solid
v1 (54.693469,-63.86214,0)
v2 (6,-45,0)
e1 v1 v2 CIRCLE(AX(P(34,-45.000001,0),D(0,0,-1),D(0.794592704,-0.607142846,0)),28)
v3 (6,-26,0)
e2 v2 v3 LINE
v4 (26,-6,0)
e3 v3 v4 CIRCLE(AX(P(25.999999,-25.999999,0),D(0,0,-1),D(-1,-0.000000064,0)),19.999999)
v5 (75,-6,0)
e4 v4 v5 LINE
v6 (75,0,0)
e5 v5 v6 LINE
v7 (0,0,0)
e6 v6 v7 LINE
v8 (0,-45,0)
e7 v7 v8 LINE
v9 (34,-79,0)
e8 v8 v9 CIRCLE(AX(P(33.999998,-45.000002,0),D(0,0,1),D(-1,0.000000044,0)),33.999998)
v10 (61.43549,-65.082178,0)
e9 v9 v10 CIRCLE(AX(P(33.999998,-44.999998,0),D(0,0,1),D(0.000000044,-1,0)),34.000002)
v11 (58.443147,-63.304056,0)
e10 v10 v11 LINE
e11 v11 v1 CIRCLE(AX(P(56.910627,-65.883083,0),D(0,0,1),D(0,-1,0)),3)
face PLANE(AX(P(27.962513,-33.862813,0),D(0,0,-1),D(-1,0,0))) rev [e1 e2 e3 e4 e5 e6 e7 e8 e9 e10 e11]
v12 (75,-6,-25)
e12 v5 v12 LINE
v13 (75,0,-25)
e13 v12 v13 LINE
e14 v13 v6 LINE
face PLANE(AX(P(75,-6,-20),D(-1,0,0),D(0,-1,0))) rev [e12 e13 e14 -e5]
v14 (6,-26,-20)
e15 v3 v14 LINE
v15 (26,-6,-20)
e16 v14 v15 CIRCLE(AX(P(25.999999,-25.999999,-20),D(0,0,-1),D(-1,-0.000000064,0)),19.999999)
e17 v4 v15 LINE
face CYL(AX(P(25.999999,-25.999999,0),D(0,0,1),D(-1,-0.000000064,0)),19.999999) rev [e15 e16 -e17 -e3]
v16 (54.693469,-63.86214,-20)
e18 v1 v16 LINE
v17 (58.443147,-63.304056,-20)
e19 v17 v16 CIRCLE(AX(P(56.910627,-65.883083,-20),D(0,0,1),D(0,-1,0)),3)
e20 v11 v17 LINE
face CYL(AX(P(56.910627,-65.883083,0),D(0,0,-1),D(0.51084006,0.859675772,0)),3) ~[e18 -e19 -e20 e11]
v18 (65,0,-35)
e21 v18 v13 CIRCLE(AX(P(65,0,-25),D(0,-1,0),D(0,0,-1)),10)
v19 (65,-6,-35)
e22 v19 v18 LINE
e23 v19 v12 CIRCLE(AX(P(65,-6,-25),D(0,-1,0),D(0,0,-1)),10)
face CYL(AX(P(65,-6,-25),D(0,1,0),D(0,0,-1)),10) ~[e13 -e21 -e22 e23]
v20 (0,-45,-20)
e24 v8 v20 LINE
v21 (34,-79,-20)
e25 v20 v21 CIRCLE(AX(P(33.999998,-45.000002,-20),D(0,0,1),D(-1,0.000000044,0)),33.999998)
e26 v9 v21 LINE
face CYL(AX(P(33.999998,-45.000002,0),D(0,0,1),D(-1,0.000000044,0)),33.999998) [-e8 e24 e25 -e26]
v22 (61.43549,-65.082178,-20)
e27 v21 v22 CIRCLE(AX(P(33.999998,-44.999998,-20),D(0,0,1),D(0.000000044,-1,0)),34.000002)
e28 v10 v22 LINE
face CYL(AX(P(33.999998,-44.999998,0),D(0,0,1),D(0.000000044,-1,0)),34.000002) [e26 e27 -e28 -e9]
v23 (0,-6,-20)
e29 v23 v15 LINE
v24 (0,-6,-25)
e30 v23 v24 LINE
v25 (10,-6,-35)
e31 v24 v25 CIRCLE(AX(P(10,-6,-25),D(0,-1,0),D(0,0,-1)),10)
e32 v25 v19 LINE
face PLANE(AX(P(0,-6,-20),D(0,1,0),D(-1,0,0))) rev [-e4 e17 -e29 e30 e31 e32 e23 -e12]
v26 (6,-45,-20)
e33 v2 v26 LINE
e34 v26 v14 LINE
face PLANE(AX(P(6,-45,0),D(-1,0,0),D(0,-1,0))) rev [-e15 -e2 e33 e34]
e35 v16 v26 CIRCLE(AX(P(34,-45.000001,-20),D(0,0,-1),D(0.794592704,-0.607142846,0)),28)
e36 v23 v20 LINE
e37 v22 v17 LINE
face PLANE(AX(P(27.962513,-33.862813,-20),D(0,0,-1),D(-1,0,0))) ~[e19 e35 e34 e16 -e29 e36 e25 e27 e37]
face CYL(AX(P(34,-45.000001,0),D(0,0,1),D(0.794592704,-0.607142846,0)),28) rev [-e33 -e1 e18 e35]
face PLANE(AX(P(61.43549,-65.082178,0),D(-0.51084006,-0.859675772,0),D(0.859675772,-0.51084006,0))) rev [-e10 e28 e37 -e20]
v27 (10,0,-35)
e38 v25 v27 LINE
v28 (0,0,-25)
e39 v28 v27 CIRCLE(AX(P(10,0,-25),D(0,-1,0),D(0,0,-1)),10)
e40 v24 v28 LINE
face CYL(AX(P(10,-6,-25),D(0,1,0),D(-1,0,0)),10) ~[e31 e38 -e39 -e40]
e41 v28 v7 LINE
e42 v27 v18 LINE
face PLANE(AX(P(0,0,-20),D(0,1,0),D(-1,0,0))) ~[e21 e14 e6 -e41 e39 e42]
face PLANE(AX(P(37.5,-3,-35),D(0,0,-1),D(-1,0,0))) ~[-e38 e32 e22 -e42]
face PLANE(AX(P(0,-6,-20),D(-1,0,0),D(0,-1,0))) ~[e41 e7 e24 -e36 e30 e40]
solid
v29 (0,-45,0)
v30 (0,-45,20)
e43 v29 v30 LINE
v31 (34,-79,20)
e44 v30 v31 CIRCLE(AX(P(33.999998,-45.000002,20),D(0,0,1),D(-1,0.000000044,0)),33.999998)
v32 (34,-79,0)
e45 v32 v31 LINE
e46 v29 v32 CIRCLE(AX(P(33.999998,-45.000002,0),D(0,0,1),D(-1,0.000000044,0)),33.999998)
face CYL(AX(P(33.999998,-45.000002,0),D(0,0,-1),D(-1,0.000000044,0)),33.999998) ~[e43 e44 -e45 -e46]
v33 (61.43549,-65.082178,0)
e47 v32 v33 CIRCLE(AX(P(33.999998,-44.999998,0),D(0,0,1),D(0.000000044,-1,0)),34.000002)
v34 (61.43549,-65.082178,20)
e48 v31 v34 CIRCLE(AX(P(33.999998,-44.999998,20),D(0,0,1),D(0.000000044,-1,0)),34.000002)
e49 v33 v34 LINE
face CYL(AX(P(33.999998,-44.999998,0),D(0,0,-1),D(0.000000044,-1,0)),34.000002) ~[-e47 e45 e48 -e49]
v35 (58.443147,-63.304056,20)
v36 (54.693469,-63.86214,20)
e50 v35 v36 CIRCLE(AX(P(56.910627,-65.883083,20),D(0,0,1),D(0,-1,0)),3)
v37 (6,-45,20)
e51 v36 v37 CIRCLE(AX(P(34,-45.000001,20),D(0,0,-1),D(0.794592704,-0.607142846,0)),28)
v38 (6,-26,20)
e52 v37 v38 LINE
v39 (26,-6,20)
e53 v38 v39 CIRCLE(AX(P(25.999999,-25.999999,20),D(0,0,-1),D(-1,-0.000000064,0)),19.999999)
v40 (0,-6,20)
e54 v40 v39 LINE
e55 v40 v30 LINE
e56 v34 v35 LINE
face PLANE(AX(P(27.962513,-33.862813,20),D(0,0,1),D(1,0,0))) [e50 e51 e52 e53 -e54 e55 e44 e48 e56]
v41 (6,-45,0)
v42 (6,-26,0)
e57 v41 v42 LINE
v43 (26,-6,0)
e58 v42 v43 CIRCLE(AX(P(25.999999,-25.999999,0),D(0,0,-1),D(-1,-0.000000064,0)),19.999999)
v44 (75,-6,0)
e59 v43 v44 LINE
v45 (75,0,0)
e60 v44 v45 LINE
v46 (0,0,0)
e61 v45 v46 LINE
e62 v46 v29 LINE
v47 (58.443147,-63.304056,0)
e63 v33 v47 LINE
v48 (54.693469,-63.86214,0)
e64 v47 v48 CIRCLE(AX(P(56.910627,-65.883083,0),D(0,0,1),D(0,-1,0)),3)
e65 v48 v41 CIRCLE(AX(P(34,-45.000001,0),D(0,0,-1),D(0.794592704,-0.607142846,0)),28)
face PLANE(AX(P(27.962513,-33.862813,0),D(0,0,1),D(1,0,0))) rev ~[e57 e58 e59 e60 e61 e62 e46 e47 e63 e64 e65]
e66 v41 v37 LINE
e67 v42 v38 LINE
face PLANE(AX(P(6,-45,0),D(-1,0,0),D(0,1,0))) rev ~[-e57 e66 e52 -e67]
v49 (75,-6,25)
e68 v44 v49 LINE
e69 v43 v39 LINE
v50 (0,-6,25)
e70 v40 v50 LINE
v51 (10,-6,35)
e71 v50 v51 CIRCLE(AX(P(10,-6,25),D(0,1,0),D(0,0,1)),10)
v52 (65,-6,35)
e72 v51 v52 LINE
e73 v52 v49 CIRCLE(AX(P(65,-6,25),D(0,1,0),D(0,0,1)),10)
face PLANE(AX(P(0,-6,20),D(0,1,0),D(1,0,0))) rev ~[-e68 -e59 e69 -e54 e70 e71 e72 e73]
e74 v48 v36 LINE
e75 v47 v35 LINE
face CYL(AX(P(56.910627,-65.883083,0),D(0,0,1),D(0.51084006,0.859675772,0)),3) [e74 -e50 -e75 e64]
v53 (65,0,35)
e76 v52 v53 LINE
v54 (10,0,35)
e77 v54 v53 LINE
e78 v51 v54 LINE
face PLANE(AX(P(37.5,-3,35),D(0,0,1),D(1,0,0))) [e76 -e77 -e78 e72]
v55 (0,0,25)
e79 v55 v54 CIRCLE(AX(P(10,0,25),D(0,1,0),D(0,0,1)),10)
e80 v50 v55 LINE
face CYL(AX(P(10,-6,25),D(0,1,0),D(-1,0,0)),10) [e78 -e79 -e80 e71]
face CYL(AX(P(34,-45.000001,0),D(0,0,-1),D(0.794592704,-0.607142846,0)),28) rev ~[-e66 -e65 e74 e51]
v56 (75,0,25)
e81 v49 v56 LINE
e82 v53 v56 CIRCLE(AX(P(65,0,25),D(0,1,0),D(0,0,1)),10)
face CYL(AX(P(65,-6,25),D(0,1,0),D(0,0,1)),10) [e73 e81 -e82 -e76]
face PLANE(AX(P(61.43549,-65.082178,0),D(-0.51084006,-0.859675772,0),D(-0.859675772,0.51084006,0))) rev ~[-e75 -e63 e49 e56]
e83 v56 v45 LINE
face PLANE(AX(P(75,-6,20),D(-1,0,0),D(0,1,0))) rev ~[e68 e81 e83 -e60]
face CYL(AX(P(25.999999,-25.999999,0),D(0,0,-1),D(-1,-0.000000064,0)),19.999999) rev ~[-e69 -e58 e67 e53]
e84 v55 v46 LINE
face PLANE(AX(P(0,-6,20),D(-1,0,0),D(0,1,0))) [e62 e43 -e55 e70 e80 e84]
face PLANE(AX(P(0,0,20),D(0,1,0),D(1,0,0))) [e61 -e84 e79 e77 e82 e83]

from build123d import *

# Parameters (mm, degrees)
F1_DEPTH = 20
F2_W     = 75
F2_H     = 6
F3_DEPTH = 15
F4_R     = 3
F5_R     = 10


with BuildPart() as f1:
    # F0 (on Top) → F1 (new body)
    with BuildSketch(Plane.XY):
        with BuildLine():
            Line((75, -6), (75, 0))
            Line((75, 0), (0, 0))
            Line((0, 0), (0, -45))
            ThreePointArc((0, -45), (9.958369, -69.041631), (34, -79))
            ThreePointArc((34, -79), (49.381904, -75.32156), (61.43549, -65.082178))
            Line((61.43549, -65.082178), (56.248595, -62))
            ThreePointArc((56.248595, -62), (25.026725, -71.523204), (6, -45))
            Line((6, -45), (6, -26))
            ThreePointArc((6, -26), (11.857864, -11.857864), (26, -6))
            Line((26, -6), (75, -6))
        make_face()
    extrude(amount=F1_DEPTH)

    # F2 (on face) → F3 (join)
    with BuildSketch(Plane.XY.offset(20)):
        with Locations((37.5, -3)):
            Rectangle(F2_W, F2_H)
    extrude(amount=F3_DEPTH)

    # F4
    f4_edges = [f1.edges().sort_by_distance(p)[0] for p in [
        (56.248595, -62, 10),
    ]]
    fillet(f4_edges, radius=F4_R)

    # F5
    f5_edges = [f1.edges().sort_by_distance(p)[0] for p in [
        (0, -3, 35),
        (75, -3, 35),
    ]]
    fillet(f5_edges, radius=F5_R)


with BuildPart() as f6_1:
    # F6: instance of F1
    add(f1.part.mirror(Plane.XY))


solid = Compound([f1.part, f6_1.part])
